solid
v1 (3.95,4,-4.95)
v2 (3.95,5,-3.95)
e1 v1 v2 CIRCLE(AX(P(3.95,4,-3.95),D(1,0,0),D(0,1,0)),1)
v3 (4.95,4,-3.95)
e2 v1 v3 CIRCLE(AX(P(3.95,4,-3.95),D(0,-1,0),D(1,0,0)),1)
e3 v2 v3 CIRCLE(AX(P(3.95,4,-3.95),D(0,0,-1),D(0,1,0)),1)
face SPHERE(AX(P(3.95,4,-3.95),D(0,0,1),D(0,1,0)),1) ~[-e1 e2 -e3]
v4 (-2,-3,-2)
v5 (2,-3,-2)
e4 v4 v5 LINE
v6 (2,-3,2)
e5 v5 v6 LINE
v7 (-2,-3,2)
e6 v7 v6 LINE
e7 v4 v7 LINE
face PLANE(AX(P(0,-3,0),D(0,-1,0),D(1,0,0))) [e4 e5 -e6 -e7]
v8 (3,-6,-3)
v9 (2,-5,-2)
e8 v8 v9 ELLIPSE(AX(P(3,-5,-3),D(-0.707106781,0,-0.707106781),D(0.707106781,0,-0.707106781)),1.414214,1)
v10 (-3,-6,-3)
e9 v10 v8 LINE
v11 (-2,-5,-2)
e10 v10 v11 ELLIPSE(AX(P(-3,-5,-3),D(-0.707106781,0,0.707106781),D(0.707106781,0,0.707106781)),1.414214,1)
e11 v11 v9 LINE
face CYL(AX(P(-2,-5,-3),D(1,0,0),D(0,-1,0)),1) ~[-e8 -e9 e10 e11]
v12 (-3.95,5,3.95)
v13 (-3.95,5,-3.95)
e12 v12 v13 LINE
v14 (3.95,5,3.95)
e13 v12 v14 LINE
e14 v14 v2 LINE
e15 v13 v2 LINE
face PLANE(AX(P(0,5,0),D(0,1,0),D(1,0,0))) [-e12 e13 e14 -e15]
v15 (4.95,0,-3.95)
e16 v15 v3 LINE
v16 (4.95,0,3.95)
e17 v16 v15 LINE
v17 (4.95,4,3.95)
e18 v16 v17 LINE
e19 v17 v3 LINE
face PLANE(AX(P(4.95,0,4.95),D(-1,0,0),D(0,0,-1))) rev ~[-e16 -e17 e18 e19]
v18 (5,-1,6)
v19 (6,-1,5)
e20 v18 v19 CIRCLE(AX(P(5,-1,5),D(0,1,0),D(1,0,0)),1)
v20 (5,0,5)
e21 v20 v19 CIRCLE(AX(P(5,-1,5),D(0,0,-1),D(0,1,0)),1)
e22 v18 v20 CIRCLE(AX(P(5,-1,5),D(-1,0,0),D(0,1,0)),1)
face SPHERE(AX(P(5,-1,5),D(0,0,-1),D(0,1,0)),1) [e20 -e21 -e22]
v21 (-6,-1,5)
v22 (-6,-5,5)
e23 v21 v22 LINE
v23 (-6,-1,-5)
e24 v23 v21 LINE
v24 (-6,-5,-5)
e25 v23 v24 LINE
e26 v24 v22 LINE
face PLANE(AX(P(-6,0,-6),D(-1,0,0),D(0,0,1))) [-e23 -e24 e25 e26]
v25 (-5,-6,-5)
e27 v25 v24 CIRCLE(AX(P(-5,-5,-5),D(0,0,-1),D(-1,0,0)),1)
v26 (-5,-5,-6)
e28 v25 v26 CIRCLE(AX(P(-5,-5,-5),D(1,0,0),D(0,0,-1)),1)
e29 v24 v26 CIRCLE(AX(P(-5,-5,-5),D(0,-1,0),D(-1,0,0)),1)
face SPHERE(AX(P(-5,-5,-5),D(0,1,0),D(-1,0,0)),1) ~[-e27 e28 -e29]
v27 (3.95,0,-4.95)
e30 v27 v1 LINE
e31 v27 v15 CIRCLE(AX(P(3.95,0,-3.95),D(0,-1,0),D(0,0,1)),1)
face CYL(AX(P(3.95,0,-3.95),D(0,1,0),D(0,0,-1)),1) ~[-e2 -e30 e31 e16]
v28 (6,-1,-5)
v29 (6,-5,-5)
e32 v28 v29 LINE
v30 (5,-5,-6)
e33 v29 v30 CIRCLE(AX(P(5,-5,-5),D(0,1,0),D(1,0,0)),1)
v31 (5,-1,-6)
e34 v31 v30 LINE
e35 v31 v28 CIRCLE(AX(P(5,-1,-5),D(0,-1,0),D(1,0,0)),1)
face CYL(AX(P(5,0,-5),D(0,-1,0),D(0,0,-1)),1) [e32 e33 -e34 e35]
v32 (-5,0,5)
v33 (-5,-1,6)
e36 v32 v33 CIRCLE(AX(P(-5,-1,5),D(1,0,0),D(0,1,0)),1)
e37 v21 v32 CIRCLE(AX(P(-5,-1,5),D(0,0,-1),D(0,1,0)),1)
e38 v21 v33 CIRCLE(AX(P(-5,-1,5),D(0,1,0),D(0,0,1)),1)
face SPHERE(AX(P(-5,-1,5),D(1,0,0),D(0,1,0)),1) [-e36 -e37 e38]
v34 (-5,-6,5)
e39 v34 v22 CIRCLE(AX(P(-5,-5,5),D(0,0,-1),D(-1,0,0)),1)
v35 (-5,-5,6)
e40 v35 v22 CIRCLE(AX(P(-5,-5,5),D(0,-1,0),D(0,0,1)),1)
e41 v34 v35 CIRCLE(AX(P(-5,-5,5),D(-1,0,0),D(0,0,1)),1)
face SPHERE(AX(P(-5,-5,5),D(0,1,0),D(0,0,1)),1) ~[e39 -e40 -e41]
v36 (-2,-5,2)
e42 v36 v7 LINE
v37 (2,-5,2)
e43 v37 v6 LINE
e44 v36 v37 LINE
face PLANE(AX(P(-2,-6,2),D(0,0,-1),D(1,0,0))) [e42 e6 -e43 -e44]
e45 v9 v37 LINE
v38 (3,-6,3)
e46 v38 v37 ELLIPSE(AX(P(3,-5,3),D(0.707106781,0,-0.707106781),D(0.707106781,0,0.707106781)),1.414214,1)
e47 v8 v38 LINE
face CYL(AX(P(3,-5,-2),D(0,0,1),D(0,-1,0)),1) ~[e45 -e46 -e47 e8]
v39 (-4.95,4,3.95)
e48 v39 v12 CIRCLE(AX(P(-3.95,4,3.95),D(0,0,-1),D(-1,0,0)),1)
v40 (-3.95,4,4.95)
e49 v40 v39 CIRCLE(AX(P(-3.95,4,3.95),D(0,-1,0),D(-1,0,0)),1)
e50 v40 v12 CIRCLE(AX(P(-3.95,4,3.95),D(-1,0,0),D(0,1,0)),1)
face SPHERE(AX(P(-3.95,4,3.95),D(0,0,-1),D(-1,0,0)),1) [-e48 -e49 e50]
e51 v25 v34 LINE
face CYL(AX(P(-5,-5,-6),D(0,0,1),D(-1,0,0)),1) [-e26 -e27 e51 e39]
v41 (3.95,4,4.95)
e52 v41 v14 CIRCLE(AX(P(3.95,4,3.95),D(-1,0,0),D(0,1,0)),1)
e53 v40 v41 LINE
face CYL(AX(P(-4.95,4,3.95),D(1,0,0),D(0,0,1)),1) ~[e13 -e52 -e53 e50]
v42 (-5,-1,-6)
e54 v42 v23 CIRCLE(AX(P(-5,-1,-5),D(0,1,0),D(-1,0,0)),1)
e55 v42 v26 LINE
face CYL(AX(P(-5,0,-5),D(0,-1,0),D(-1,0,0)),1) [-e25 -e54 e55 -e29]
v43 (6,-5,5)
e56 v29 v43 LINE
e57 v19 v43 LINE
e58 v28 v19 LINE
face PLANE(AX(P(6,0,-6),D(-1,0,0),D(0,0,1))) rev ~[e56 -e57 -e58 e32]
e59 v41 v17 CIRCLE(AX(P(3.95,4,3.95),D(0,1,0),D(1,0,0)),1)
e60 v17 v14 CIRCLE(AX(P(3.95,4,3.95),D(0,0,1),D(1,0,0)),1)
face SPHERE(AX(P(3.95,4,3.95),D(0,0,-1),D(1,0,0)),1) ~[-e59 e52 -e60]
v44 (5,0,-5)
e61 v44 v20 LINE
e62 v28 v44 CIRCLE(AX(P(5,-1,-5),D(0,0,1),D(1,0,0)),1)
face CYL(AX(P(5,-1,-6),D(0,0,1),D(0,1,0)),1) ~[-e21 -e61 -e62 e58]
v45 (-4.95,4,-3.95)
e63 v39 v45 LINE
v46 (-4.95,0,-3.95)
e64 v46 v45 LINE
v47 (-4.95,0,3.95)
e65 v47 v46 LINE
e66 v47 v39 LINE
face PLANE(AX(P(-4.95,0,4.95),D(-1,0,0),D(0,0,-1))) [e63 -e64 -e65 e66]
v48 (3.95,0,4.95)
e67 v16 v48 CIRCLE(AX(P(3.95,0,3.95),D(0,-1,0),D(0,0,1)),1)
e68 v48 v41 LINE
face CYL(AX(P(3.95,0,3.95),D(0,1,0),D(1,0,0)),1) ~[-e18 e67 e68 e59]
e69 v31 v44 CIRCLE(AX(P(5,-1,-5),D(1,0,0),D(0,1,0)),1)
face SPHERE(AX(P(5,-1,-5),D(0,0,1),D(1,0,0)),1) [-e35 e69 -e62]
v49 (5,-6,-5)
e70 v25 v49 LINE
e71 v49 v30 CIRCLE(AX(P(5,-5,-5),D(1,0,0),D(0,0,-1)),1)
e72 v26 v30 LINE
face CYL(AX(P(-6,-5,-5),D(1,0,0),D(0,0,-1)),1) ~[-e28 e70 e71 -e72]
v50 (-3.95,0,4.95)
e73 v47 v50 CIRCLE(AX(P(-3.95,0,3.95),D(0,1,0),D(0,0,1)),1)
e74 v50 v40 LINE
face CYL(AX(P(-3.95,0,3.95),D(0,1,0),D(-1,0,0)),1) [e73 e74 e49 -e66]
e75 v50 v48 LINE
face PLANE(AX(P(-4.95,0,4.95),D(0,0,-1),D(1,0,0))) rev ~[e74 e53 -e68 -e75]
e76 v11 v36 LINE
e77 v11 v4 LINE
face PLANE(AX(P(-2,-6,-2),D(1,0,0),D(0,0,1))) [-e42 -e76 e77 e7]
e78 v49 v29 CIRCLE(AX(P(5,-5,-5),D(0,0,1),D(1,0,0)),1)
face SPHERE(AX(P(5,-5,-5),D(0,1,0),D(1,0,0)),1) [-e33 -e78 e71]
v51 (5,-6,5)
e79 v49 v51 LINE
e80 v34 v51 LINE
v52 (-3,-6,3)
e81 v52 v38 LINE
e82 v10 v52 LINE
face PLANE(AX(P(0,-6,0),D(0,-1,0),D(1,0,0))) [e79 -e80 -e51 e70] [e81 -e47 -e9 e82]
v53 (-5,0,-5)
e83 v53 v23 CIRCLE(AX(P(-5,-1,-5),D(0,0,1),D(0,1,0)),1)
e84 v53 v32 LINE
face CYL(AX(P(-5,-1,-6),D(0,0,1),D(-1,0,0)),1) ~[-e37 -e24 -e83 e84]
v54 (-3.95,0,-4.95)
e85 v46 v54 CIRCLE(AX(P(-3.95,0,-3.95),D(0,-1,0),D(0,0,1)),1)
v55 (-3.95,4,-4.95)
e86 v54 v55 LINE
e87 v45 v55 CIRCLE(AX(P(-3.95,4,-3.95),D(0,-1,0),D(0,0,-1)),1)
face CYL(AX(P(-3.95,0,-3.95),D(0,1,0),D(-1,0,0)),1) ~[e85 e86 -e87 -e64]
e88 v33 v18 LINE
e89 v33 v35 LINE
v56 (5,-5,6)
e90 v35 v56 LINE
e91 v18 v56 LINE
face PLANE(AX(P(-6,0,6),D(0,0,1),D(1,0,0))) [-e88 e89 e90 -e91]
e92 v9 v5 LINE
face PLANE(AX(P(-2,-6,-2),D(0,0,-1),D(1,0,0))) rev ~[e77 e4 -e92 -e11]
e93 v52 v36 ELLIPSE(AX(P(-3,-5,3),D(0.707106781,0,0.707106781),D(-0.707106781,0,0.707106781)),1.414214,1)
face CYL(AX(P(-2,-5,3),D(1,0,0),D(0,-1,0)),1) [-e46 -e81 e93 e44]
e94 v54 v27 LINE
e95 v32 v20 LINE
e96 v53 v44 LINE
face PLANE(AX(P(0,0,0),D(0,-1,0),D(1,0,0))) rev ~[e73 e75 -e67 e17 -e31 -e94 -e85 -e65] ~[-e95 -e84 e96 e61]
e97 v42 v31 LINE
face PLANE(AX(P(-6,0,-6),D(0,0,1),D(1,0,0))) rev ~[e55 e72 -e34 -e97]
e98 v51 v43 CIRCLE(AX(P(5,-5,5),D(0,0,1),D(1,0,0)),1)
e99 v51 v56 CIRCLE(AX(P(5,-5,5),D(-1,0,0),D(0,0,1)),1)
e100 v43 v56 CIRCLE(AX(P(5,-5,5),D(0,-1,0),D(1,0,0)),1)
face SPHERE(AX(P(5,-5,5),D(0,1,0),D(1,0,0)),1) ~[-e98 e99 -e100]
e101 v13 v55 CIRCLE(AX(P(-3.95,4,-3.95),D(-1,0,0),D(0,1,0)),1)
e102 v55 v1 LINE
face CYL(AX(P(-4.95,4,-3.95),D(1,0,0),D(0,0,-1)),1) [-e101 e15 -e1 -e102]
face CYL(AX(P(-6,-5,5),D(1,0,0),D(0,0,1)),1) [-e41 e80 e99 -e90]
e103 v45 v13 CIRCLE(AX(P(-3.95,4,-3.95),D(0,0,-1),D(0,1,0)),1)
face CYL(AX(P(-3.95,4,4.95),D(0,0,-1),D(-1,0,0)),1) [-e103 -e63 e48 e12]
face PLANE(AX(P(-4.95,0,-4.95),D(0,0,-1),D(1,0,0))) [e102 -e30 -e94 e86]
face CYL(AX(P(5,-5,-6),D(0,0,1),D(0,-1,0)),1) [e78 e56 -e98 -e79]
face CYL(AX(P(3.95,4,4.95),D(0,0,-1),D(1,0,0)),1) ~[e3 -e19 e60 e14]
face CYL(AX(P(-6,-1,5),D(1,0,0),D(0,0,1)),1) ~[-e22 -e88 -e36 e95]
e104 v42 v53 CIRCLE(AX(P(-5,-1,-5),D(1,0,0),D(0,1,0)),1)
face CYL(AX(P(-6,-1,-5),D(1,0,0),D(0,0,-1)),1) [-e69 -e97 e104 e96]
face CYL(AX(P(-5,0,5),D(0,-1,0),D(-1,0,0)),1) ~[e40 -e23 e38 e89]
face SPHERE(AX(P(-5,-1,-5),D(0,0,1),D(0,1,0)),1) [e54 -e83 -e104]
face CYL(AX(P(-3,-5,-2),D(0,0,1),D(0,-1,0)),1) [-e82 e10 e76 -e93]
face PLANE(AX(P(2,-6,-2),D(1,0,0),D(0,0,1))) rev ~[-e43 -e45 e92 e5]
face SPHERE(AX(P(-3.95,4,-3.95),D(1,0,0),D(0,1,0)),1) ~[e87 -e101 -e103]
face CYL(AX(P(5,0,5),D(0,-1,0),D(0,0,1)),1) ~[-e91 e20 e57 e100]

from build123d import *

# Parameters (mm, degrees)
SKETCH1_W           = 9.9
SKETCH1_H           = 9.9
BOSS_EXTRUDE1_DEPTH = 5
SKETCH2_W           = 12
SKETCH2_H           = 12
BOSS_EXTRUDE2_DEPTH = 6
SKETCH3_W           = 4
SKETCH3_H           = 4
CUT_EXTRUDE1_DEPTH  = 3
FILLET1_R           = 1


with BuildPart() as part:
    # Sketch1 → Boss-Extrude1 (new body)
    with BuildSketch(Plane(origin=(0, 0, 0), x_dir=(1, 0, 0), z_dir=(0, 1, 0))):
        Rectangle(SKETCH1_W, SKETCH1_H)
    extrude(amount=BOSS_EXTRUDE1_DEPTH)

    # Sketch2 → Boss-Extrude2 (add)
    with BuildSketch(Plane.XZ):
        Rectangle(SKETCH2_W, SKETCH2_H)
    extrude(amount=BOSS_EXTRUDE2_DEPTH)

    # Sketch3 → Cut-Extrude1 (cut)
    with BuildSketch(Plane.XZ.offset(6)):
        Rectangle(SKETCH3_W, SKETCH3_H)
    extrude(amount=-CUT_EXTRUDE1_DEPTH, mode=Mode.SUBTRACT)

    # Fillet1
    fillet1_edges = [part.edges().sort_by_distance(p)[0] for p in [
        (4.95, 5, 0),
        (6, 0, 0),
        (6, -3, -6),
        (0, 0, 6),
        (6, -3, 6),
        (-6, 0, 0),
        (-6, -3, 6),
        (0, 0, -6),
        (-6, -3, -6),
        (6, -6, 0),
        (0, -6, 6),
        (-6, -6, 0),
        (0, -6, -6),
        (0, 5, -4.95),
        (-2, -6, 0),
        (0, -6, -2),
        (2, -6, 0),
        (0, -6, 2),
        (-4.95, 5, 0),
        (-4.95, 2.5, -4.95),
        (4.95, 2.5, -4.95),
        (4.95, 2.5, 4.95),
        (-4.95, 2.5, 4.95),
        (0, 5, 4.95),
    ]]
    fillet(fillet1_edges, radius=FILLET1_R)


solid = part.part
